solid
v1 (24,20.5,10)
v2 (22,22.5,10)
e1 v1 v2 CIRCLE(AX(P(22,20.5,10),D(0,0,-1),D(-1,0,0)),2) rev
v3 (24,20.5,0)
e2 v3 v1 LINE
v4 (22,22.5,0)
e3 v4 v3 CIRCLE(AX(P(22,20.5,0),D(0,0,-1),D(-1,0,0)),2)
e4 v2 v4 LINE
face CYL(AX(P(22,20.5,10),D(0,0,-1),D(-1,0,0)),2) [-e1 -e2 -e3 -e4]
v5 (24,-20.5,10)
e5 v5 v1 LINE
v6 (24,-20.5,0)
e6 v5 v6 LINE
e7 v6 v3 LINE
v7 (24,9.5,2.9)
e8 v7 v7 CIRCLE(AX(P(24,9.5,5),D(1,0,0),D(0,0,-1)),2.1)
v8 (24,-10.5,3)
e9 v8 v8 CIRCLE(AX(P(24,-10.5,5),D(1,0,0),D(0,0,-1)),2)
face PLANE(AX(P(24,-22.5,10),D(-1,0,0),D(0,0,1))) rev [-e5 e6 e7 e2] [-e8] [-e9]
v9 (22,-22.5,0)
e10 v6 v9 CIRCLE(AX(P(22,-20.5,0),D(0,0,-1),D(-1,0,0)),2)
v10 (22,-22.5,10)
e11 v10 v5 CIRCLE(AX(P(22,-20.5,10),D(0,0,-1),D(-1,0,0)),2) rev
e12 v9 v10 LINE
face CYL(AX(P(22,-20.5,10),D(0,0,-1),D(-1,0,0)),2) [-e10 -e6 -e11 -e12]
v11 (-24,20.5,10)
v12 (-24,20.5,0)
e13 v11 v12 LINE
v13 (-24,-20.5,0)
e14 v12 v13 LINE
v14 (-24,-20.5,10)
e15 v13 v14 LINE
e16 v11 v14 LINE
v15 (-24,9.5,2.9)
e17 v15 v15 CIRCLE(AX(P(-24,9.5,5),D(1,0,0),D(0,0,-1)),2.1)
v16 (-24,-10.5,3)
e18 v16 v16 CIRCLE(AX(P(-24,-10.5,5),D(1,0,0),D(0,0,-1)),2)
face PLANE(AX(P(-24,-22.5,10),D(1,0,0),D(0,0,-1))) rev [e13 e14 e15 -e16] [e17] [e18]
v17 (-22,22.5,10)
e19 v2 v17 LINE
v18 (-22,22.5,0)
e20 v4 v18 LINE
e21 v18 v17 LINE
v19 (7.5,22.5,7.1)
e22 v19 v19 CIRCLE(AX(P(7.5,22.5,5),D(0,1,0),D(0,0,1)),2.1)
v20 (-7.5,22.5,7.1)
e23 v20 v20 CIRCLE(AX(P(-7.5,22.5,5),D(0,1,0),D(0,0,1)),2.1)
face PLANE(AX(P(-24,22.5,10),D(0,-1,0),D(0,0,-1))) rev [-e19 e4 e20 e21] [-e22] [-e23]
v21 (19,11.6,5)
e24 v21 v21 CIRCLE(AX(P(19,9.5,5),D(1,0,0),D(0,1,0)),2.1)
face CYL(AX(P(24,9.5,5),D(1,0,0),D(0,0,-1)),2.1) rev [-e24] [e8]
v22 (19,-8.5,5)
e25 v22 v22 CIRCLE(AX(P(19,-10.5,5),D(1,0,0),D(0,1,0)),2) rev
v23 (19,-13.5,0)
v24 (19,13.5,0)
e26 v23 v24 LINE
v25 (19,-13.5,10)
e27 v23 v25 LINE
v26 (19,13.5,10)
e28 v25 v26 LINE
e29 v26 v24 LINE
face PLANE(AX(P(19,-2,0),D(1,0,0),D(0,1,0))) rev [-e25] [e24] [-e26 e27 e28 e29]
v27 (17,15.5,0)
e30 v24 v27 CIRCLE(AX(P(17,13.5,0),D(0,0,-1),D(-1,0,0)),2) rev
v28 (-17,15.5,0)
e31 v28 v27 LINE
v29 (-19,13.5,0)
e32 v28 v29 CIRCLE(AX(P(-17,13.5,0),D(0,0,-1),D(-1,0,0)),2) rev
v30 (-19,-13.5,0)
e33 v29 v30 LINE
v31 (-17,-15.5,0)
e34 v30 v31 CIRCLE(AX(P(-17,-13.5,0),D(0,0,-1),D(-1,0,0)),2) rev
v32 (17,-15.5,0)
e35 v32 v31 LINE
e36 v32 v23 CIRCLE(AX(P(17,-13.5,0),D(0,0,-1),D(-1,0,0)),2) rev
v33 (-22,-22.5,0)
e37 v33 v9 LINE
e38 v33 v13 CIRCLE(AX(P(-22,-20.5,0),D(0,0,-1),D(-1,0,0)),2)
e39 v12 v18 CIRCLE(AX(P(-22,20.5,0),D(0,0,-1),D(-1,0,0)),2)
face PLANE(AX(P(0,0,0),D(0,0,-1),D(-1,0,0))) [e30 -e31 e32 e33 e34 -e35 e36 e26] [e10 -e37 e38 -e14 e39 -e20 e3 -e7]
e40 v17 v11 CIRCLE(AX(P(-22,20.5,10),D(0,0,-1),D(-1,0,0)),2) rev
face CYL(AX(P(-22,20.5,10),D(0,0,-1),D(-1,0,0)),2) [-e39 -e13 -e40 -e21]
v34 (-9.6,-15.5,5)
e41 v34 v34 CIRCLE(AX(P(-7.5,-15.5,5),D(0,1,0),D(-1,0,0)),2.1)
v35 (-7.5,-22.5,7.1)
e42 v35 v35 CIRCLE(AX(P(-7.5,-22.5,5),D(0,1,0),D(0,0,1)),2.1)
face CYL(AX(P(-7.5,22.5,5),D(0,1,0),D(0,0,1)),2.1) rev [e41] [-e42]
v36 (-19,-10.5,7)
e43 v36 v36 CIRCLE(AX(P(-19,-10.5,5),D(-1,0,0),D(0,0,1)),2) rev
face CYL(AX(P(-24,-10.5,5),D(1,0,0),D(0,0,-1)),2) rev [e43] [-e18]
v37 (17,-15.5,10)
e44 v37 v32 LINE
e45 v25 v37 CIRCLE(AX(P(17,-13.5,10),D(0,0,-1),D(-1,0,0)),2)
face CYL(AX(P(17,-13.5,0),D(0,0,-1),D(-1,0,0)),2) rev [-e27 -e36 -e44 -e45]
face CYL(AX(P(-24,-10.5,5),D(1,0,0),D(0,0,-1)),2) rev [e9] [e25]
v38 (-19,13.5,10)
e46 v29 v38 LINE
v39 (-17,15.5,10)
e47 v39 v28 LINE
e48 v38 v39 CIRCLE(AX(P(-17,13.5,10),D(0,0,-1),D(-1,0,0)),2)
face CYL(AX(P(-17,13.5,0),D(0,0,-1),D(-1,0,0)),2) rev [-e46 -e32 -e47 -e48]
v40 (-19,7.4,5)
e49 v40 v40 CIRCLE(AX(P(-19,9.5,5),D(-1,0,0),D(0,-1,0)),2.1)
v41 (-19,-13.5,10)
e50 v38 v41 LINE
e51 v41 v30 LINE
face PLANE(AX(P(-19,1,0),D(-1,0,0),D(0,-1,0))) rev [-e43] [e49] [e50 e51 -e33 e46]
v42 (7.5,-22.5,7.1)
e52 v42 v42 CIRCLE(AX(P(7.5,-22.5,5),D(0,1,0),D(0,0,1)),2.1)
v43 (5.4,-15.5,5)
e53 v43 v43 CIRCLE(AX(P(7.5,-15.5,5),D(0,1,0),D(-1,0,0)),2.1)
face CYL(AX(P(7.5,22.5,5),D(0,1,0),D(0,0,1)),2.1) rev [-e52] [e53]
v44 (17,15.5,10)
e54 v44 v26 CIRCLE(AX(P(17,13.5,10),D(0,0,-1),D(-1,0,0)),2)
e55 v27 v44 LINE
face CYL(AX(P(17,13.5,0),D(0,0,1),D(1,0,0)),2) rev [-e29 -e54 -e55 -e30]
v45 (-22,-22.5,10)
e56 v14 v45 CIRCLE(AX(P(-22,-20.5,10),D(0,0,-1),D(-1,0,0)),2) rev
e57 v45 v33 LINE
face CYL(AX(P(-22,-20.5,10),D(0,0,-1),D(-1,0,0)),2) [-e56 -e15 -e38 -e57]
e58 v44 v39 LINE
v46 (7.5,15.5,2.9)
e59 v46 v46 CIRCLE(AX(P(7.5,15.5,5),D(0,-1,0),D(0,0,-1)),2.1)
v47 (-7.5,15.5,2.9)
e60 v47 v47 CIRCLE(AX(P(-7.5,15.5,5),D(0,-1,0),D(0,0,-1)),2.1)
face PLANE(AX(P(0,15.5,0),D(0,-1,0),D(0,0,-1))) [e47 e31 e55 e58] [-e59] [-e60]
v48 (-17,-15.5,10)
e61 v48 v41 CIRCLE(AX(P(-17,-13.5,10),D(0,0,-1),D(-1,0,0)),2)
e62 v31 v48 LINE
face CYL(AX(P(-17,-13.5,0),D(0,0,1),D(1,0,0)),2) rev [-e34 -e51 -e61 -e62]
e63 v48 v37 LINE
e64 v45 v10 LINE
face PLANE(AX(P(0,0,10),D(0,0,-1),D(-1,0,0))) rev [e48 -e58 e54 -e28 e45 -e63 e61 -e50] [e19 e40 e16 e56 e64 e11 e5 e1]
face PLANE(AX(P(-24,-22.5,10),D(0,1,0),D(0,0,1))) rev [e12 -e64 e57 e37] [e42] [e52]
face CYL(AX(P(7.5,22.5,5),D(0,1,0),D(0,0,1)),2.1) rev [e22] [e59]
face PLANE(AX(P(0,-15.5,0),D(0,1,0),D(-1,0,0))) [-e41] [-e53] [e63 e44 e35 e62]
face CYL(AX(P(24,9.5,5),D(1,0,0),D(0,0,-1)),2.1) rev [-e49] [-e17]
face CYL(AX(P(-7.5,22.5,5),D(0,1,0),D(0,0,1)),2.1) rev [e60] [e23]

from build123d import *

# Parameters (mm, degrees)
SKETCH_1_W               = 48
SKETCH_1_H               = 45
EXTRUDE_1_DEPTH          = 10
SKETCH_2_R               = 2.5
CUT_EXTRUDE_1_DEPTH      = 1
CUT_EXTRUDE_1_DEPTH_BACK = 46
SKETCH_3_R               = 2
CUT_EXTRUDE_2_DEPTH      = 49
SKETCH_4_R               = 1.75
CUT_EXTRUDE_3_DEPTH      = 1.0000001
CUT_EXTRUDE_3_DEPTH_BACK = 49.0000001
SKETCH_5_W               = 17.7
SKETCH_5_H               = 17
CUT_EXTRUDE_4_DEPTH      = 11
SKETCH_6_W               = 17.7
SKETCH_6_H               = 1.5
SKETCH_6_H_2             = 2.5
CUT_EXTRUDE_5_DEPTH      = 11
SKETCH_8_R               = 2.5
EXTRUDE_2_DEPTH          = 45
SKETCH_10_R              = 1.75
CUT_EXTRUDE_8_DEPTH      = 45
SKETCH_16_W              = 38
SKETCH_16_H              = 37
CUT_EXTRUDE_13_DEPTH     = 11
SKETCH_17_W              = 38
SKETCH_17_H              = 10
SKETCH_17_R              = 1.75
EXTRUDE_4_DEPTH          = 3.5
SKETCH_18_W              = 38
SKETCH_18_H              = 10
SKETCH_18_R              = 1.75
EXTRUDE_5_DEPTH          = 2.5
FILLET_2_R               = 2
HOLE_WIZARD_M5_2_D       = 4.2
HOLE_WIZARD_M5_2_DEPTH   = 45
HOLE_WIZARD_M5_3_D       = 4.2
HOLE_WIZARD_M5_3_DEPTH   = 48
FILLET_3_R               = 2


with BuildPart() as part:
    # 草图1 → 凸台-拉伸1 (new body)
    with BuildSketch(Plane.XY):
        Rectangle(SKETCH_1_W, SKETCH_1_H)
    extrude(amount=EXTRUDE_1_DEPTH)

    # 草图2 → 切除-拉伸1 (cut, two sides)
    with BuildSketch(Plane(origin=(0, 22.5, 0), x_dir=(1, 0, 0), z_dir=(0, 1, 0))) as cut_extrude_1_sk:
        with Locations((10, -5)):
            Circle(SKETCH_2_R)
        with Locations((-10, -5)):
            Circle(SKETCH_2_R)
    extrude(amount=CUT_EXTRUDE_1_DEPTH, mode=Mode.SUBTRACT)
    extrude(cut_extrude_1_sk.sketch, amount=-CUT_EXTRUDE_1_DEPTH_BACK, mode=Mode.SUBTRACT)

    # 草图3 → 切除-拉伸2 (cut, through all)
    with BuildSketch(Plane(origin=(24, 0, 0), x_dir=(0, 0, -1), z_dir=(1, 0, 0))):
        with Locations((-5, -10.5)):
            Circle(SKETCH_3_R)
    extrude(amount=-CUT_EXTRUDE_2_DEPTH, mode=Mode.SUBTRACT)

    # 草图4 → 切除-拉伸3 (cut, two sides)
    with BuildSketch(Plane(origin=(24, 0, 0), x_dir=(0, 0, -1), z_dir=(1, 0, 0))) as cut_extrude_3_sk:
        with Locations((-5, 9.5)):
            Circle(SKETCH_4_R)
    extrude(amount=CUT_EXTRUDE_3_DEPTH, mode=Mode.SUBTRACT)
    extrude(cut_extrude_3_sk.sketch, amount=-CUT_EXTRUDE_3_DEPTH_BACK, mode=Mode.SUBTRACT)

    # 草图5 → 切除-拉伸4 (cut, through all)
    with BuildSketch(Plane.XY.offset(10)):
        with Locations((-10.15, -10.5)):
            Rectangle(SKETCH_5_W, SKETCH_5_H)
        with Locations((10.15, -10.5)):
            Rectangle(SKETCH_5_W, SKETCH_5_H)
        with Locations((-10.15, 9.5)):
            Rectangle(SKETCH_5_W, SKETCH_5_H)
        with Locations((10.15, 9.5)):
            Rectangle(SKETCH_5_W, SKETCH_5_H)
    extrude(amount=-CUT_EXTRUDE_4_DEPTH, mode=Mode.SUBTRACT)

    # 草图6 → 切除-拉伸5 (cut, through all)
    with BuildSketch(Plane.XY.offset(10)):
        with Locations((-10.15, 17.25)):
            Rectangle(SKETCH_6_W, SKETCH_6_H)
        with Locations((10.15, 17.25)):
            Rectangle(SKETCH_6_W, SKETCH_6_H)
        with Locations((-10.15, -0.25)):
            Rectangle(SKETCH_6_W, SKETCH_6_H_2)
        with Locations((10.15, -0.25)):
            Rectangle(SKETCH_6_W, SKETCH_6_H_2)
    extrude(amount=-CUT_EXTRUDE_5_DEPTH, mode=Mode.SUBTRACT)

    # 草图8 → 凸台-拉伸2 (add)
    with BuildSketch(Plane(origin=(0, 22.5, 0), x_dir=(1, 0, 0), z_dir=(0, 1, 0))):
        with Locations((10, -5)):
            Circle(SKETCH_8_R)
        with Locations((-10, -5)):
            Circle(SKETCH_8_R)
    extrude(amount=-EXTRUDE_2_DEPTH)

    # 草图10 → 切除-拉伸8 (cut)
    with BuildSketch(Plane(origin=(0, 22.5, 0), x_dir=(1, 0, 0), z_dir=(0, 1, 0))):
        with Locations((-7.5, -5)):
            Circle(SKETCH_10_R)
        with Locations((7.5, -5)):
            Circle(SKETCH_10_R)
    extrude(amount=-CUT_EXTRUDE_8_DEPTH, mode=Mode.SUBTRACT)

    # 草图16 → 切除-拉伸13 (cut, through all)
    with BuildSketch(Plane.XY.offset(10)):
        with Locations((0, -0.5)):
            Rectangle(SKETCH_16_W, SKETCH_16_H)
    extrude(amount=-CUT_EXTRUDE_13_DEPTH, mode=Mode.SUBTRACT)

    # 草图17 → 凸台-拉伸4 (add)
    with BuildSketch(Plane(origin=(0, -19, 0), x_dir=(1, 0, 0), z_dir=(0, 1, 0))):
        with Locations((0, -5)):
            Rectangle(SKETCH_17_W, SKETCH_17_H)
        with Locations((7.5, -5)):
            Circle(SKETCH_17_R, mode=Mode.SUBTRACT)
        with Locations((-7.5, -5)):
            Circle(SKETCH_17_R, mode=Mode.SUBTRACT)
    extrude(amount=EXTRUDE_4_DEPTH)

    # 草图18 → 凸台-拉伸5 (add)
    with BuildSketch(Plane.XZ.offset(-18)):
        with Locations((0, 5)):
            Rectangle(SKETCH_18_W, SKETCH_18_H)
        with Locations((-7.5, 5)):
            Circle(SKETCH_18_R, mode=Mode.SUBTRACT)
        with Locations((7.5, 5)):
            Circle(SKETCH_18_R, mode=Mode.SUBTRACT)
    extrude(amount=EXTRUDE_5_DEPTH)

    # 圆角2
    fillet_2_edges = [part.edges().sort_by_distance(p)[0] for p in [
        (-19, -15.5, 5),
        (19, -15.5, 5),
        (19, 15.5, 5),
        (-19, 15.5, 5),
    ]]
    fillet(fillet_2_edges, radius=FILLET_2_R)

    # M5 螺纹孔的螺纹孔钻头2
    with Locations(Plane(origin=(0, 22.5, 0), x_dir=(1, 0, 0), z_dir=(0, 1, 0))):
        with Locations((-7.5, -5), (7.5, -5)):
            Hole(HOLE_WIZARD_M5_2_D / 2, depth=HOLE_WIZARD_M5_2_DEPTH)

    # M5 螺纹孔的螺纹孔钻头3
    with Locations(Plane(origin=(24, 0, 0), x_dir=(0, 0, -1), z_dir=(1, 0, 0))):
        with Locations((-5, 9.5)):
            Hole(HOLE_WIZARD_M5_3_D / 2, depth=HOLE_WIZARD_M5_3_DEPTH)

    # 圆角3
    fillet_3_edges = [part.edges().sort_by_distance(p)[0] for p in [
        (24, -22.5, 5),
        (-24, -22.5, 5),
        (-24, 22.5, 5),
        (24, 22.5, 5),
    ]]
    fillet(fillet_3_edges, radius=FILLET_3_R)


solid = part.part
